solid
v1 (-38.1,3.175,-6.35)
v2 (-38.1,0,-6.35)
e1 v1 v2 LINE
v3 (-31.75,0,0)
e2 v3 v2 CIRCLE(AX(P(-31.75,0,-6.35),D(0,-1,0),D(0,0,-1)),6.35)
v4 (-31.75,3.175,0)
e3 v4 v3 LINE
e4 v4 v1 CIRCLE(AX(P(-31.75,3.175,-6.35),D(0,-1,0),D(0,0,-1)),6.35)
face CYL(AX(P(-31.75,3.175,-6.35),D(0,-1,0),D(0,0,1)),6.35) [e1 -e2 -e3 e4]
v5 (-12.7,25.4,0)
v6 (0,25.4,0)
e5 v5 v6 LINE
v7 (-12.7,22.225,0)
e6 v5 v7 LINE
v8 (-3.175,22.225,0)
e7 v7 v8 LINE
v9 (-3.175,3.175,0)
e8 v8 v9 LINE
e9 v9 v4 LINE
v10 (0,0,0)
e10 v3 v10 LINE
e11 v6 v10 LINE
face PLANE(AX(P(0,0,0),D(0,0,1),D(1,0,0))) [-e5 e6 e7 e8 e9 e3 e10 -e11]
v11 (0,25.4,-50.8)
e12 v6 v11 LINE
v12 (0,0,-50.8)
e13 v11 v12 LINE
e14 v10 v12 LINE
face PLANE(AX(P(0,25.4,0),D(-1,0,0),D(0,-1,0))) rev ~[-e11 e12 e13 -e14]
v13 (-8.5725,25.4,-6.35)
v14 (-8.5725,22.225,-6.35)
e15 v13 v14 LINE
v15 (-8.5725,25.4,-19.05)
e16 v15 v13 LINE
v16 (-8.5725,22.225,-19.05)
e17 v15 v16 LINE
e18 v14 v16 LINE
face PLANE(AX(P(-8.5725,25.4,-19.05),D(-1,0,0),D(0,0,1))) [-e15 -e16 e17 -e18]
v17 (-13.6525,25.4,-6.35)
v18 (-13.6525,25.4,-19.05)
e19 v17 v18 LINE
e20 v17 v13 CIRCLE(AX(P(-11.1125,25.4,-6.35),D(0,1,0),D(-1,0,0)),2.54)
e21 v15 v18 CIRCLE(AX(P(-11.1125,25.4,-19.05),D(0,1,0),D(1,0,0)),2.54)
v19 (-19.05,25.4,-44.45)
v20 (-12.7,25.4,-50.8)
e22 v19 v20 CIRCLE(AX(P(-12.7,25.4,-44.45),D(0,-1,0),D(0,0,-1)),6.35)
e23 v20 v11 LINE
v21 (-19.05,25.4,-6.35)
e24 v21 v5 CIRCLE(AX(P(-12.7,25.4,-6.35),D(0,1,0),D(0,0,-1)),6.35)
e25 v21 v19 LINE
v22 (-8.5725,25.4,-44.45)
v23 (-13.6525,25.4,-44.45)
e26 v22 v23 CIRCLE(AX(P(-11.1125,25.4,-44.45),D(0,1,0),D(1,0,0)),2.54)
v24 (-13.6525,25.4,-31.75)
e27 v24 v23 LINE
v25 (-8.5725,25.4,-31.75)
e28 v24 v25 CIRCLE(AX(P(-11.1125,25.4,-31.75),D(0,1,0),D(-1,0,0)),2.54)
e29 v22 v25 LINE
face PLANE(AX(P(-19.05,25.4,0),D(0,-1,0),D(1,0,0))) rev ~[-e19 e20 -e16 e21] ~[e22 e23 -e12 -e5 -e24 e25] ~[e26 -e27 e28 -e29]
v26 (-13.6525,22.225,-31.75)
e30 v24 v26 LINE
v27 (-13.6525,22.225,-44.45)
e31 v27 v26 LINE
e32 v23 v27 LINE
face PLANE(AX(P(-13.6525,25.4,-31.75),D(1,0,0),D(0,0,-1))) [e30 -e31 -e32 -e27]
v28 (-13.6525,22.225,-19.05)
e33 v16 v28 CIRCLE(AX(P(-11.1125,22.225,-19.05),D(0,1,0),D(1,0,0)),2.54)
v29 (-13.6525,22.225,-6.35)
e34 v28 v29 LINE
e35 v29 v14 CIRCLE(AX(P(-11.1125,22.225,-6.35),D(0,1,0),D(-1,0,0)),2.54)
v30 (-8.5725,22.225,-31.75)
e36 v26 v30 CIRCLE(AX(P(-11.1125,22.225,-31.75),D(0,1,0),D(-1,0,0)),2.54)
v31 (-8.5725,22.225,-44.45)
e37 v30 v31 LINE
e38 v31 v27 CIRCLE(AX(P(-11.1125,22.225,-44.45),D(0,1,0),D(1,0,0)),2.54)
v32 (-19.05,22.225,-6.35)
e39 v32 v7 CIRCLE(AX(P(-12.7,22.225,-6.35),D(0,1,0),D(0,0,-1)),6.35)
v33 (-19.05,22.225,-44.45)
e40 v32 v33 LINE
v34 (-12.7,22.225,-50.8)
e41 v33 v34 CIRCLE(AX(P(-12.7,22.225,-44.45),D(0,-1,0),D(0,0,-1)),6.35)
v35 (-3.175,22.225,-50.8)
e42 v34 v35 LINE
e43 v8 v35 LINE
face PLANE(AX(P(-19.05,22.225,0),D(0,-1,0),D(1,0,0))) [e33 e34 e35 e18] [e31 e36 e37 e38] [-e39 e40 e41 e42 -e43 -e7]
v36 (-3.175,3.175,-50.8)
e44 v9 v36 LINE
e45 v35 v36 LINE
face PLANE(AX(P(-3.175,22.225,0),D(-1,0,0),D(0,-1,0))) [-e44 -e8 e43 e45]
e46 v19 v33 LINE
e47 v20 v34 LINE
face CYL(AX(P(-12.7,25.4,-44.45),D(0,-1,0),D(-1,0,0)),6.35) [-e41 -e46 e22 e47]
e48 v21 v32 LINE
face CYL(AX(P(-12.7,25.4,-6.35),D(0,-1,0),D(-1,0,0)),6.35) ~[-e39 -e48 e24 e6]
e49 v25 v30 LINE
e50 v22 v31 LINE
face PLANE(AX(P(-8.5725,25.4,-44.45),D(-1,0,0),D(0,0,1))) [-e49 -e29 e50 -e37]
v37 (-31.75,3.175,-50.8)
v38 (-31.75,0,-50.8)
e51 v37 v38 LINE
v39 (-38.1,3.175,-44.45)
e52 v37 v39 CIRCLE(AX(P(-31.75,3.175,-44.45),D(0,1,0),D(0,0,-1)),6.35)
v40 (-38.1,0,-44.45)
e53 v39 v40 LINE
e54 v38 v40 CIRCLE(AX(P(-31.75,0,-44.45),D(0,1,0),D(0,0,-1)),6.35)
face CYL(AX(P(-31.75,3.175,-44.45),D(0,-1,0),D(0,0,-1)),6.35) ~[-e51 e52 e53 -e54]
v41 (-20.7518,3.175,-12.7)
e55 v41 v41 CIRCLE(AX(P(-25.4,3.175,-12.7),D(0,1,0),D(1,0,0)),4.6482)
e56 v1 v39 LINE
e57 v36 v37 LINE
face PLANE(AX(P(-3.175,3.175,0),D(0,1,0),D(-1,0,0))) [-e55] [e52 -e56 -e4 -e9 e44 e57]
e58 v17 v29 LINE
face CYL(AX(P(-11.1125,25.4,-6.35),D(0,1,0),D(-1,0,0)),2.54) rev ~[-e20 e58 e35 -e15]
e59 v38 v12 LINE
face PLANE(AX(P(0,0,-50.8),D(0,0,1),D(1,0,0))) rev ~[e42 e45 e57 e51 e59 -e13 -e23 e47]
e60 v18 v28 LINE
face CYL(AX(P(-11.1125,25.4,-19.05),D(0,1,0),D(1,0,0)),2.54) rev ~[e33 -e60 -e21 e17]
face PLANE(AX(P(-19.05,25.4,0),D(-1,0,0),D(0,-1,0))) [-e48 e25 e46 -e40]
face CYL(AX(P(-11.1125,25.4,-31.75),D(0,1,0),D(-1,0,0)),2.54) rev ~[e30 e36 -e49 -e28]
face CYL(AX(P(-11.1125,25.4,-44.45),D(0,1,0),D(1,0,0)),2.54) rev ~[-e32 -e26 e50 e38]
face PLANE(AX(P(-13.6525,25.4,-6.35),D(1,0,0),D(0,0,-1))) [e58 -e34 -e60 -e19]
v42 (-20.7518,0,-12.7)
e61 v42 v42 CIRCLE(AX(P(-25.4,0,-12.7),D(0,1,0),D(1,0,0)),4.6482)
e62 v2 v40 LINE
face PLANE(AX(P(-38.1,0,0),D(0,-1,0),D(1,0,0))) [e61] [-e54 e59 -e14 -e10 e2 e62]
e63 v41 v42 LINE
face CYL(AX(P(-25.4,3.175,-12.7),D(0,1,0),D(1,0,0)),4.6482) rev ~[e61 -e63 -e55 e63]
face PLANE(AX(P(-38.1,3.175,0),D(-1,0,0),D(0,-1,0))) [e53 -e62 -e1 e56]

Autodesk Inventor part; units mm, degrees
ref_plane "YZ Plane" through (0, 0, 0) normal (1, 0, 0) x (0, 1, 0)
ref_plane "XZ Plane" through (0, 0, 0) normal (0, 1, 0) x (-1, 0, 0)
ref_plane "XY Plane" through (0, 0, 0) normal (0, 0, 1) x (1, 0, 0)
sketch "Sketch1" plane through (0, 0, 0) normal (0, 0, 1) x (1, 0, 0)
  line L0 (-19.05, 25.4) -> (0, 25.4)
  line L1 (0, 25.4) -> (0, 0)
  line L2 (-19.05, 25.4) -> (-19.05, 22.225)
  line L3 (-19.05, 22.225) -> (-3.175, 22.225)
  line L4 (-3.175, 22.225) -> (-3.175, 3.175)
  line L5 (-3.175, 3.175) -> (-38.1, 3.175)
  line L6 (-38.1, 3.175) -> (-38.1, 0)
  line L7 (-38.1, 0) -> (0, 0)
  dimension "d2" = 3.175
  dimension "d3" = 3.175
  dimension "d4" = 3.175
  dimension "d16" = 19.05
  dimension "d17" = 38.1
  dimension "d18" = 34.925
  dimension "d19" = 15.875
  dimension "d20" = 25.4
extrude "Extrusion1" add sketch "Sketch1" against normal blind 50.8
sketch "Sketch2" plane through (-38.1, 3.175, 0) normal (0, 1, 0) x (1, 0, 0)
  line L0 (34.925, 0) -> (0, 0) projected
  line L1 (34.925, 0) -> (34.925, 50.8) projected
  circle A0 centre (12.7, 12.7) radius 4.6482
  point P0 (38.1, 0)
  dimension "d9" = 9.2964
  dimension "d10" = 22.225
  dimension "d11" = 12.7
extrude "Extrusion2" cut sketch "Sketch2" against normal blind 50.8
thread "Thread1" size "3/8-16 UNC" class "2B" standard "ANSI Unified Screw Threads" full length
sketch "Sketch3" plane through (-19.05, 25.4, 0) normal (0, 1, 0) x (1, 0, 0)
  line L0 (19.05, 50.8) -> (0, 50.8) projected
  line L1 (0, 0) -> (0, 50.8) projected
  line L2 (19.05, 0) -> (19.05, 50.8) projected
  line L3 (5.3975, 19.05) -> (10.4775, 19.05)
  line L4 (10.4775, 19.05) -> (10.4775, 6.35)
  line L5 (10.4775, 6.35) -> (5.3975, 6.35)
  line L6 (5.3975, 6.35) -> (5.3975, 19.05)
  arc A0 (10.4775, 19.05) -> (5.3975, 19.05) centre (7.9375, 19.05) ccw
  arc A1 (5.3975, 6.35) -> (10.4775, 6.35) centre (7.9375, 6.35) ccw
  line L7 (5.3975, 44.45) -> (10.4775, 44.45)
  line L8 (10.4775, 44.45) -> (10.4775, 31.75)
  line L9 (10.4775, 31.75) -> (5.3975, 31.75)
  line L10 (5.3975, 31.75) -> (5.3975, 44.45)
  arc A2 (10.4775, 44.45) -> (5.3975, 44.45) centre (7.9375, 44.45) ccw
  arc A3 (5.3975, 31.75) -> (10.4775, 31.75) centre (7.9375, 31.75) ccw
  dimension "d21" = 12.7
  dimension "d22" = 5.08
  dimension "d23" = 31.75
  dimension "d24" = 11.1125
  dimension "d27" = 25.4
extrude "Extrusion3" cut sketch "Sketch3" against normal blind 12.7
fillet "Fillet1" radius 6.35 4 edges at (-19.05, 23.8125, 0) (-38.1, 1.5875, 0) (-19.05, 23.8125, -50.8) (-38.1, 1.5875, -50.8)
properties part number "turn encoder mount"
